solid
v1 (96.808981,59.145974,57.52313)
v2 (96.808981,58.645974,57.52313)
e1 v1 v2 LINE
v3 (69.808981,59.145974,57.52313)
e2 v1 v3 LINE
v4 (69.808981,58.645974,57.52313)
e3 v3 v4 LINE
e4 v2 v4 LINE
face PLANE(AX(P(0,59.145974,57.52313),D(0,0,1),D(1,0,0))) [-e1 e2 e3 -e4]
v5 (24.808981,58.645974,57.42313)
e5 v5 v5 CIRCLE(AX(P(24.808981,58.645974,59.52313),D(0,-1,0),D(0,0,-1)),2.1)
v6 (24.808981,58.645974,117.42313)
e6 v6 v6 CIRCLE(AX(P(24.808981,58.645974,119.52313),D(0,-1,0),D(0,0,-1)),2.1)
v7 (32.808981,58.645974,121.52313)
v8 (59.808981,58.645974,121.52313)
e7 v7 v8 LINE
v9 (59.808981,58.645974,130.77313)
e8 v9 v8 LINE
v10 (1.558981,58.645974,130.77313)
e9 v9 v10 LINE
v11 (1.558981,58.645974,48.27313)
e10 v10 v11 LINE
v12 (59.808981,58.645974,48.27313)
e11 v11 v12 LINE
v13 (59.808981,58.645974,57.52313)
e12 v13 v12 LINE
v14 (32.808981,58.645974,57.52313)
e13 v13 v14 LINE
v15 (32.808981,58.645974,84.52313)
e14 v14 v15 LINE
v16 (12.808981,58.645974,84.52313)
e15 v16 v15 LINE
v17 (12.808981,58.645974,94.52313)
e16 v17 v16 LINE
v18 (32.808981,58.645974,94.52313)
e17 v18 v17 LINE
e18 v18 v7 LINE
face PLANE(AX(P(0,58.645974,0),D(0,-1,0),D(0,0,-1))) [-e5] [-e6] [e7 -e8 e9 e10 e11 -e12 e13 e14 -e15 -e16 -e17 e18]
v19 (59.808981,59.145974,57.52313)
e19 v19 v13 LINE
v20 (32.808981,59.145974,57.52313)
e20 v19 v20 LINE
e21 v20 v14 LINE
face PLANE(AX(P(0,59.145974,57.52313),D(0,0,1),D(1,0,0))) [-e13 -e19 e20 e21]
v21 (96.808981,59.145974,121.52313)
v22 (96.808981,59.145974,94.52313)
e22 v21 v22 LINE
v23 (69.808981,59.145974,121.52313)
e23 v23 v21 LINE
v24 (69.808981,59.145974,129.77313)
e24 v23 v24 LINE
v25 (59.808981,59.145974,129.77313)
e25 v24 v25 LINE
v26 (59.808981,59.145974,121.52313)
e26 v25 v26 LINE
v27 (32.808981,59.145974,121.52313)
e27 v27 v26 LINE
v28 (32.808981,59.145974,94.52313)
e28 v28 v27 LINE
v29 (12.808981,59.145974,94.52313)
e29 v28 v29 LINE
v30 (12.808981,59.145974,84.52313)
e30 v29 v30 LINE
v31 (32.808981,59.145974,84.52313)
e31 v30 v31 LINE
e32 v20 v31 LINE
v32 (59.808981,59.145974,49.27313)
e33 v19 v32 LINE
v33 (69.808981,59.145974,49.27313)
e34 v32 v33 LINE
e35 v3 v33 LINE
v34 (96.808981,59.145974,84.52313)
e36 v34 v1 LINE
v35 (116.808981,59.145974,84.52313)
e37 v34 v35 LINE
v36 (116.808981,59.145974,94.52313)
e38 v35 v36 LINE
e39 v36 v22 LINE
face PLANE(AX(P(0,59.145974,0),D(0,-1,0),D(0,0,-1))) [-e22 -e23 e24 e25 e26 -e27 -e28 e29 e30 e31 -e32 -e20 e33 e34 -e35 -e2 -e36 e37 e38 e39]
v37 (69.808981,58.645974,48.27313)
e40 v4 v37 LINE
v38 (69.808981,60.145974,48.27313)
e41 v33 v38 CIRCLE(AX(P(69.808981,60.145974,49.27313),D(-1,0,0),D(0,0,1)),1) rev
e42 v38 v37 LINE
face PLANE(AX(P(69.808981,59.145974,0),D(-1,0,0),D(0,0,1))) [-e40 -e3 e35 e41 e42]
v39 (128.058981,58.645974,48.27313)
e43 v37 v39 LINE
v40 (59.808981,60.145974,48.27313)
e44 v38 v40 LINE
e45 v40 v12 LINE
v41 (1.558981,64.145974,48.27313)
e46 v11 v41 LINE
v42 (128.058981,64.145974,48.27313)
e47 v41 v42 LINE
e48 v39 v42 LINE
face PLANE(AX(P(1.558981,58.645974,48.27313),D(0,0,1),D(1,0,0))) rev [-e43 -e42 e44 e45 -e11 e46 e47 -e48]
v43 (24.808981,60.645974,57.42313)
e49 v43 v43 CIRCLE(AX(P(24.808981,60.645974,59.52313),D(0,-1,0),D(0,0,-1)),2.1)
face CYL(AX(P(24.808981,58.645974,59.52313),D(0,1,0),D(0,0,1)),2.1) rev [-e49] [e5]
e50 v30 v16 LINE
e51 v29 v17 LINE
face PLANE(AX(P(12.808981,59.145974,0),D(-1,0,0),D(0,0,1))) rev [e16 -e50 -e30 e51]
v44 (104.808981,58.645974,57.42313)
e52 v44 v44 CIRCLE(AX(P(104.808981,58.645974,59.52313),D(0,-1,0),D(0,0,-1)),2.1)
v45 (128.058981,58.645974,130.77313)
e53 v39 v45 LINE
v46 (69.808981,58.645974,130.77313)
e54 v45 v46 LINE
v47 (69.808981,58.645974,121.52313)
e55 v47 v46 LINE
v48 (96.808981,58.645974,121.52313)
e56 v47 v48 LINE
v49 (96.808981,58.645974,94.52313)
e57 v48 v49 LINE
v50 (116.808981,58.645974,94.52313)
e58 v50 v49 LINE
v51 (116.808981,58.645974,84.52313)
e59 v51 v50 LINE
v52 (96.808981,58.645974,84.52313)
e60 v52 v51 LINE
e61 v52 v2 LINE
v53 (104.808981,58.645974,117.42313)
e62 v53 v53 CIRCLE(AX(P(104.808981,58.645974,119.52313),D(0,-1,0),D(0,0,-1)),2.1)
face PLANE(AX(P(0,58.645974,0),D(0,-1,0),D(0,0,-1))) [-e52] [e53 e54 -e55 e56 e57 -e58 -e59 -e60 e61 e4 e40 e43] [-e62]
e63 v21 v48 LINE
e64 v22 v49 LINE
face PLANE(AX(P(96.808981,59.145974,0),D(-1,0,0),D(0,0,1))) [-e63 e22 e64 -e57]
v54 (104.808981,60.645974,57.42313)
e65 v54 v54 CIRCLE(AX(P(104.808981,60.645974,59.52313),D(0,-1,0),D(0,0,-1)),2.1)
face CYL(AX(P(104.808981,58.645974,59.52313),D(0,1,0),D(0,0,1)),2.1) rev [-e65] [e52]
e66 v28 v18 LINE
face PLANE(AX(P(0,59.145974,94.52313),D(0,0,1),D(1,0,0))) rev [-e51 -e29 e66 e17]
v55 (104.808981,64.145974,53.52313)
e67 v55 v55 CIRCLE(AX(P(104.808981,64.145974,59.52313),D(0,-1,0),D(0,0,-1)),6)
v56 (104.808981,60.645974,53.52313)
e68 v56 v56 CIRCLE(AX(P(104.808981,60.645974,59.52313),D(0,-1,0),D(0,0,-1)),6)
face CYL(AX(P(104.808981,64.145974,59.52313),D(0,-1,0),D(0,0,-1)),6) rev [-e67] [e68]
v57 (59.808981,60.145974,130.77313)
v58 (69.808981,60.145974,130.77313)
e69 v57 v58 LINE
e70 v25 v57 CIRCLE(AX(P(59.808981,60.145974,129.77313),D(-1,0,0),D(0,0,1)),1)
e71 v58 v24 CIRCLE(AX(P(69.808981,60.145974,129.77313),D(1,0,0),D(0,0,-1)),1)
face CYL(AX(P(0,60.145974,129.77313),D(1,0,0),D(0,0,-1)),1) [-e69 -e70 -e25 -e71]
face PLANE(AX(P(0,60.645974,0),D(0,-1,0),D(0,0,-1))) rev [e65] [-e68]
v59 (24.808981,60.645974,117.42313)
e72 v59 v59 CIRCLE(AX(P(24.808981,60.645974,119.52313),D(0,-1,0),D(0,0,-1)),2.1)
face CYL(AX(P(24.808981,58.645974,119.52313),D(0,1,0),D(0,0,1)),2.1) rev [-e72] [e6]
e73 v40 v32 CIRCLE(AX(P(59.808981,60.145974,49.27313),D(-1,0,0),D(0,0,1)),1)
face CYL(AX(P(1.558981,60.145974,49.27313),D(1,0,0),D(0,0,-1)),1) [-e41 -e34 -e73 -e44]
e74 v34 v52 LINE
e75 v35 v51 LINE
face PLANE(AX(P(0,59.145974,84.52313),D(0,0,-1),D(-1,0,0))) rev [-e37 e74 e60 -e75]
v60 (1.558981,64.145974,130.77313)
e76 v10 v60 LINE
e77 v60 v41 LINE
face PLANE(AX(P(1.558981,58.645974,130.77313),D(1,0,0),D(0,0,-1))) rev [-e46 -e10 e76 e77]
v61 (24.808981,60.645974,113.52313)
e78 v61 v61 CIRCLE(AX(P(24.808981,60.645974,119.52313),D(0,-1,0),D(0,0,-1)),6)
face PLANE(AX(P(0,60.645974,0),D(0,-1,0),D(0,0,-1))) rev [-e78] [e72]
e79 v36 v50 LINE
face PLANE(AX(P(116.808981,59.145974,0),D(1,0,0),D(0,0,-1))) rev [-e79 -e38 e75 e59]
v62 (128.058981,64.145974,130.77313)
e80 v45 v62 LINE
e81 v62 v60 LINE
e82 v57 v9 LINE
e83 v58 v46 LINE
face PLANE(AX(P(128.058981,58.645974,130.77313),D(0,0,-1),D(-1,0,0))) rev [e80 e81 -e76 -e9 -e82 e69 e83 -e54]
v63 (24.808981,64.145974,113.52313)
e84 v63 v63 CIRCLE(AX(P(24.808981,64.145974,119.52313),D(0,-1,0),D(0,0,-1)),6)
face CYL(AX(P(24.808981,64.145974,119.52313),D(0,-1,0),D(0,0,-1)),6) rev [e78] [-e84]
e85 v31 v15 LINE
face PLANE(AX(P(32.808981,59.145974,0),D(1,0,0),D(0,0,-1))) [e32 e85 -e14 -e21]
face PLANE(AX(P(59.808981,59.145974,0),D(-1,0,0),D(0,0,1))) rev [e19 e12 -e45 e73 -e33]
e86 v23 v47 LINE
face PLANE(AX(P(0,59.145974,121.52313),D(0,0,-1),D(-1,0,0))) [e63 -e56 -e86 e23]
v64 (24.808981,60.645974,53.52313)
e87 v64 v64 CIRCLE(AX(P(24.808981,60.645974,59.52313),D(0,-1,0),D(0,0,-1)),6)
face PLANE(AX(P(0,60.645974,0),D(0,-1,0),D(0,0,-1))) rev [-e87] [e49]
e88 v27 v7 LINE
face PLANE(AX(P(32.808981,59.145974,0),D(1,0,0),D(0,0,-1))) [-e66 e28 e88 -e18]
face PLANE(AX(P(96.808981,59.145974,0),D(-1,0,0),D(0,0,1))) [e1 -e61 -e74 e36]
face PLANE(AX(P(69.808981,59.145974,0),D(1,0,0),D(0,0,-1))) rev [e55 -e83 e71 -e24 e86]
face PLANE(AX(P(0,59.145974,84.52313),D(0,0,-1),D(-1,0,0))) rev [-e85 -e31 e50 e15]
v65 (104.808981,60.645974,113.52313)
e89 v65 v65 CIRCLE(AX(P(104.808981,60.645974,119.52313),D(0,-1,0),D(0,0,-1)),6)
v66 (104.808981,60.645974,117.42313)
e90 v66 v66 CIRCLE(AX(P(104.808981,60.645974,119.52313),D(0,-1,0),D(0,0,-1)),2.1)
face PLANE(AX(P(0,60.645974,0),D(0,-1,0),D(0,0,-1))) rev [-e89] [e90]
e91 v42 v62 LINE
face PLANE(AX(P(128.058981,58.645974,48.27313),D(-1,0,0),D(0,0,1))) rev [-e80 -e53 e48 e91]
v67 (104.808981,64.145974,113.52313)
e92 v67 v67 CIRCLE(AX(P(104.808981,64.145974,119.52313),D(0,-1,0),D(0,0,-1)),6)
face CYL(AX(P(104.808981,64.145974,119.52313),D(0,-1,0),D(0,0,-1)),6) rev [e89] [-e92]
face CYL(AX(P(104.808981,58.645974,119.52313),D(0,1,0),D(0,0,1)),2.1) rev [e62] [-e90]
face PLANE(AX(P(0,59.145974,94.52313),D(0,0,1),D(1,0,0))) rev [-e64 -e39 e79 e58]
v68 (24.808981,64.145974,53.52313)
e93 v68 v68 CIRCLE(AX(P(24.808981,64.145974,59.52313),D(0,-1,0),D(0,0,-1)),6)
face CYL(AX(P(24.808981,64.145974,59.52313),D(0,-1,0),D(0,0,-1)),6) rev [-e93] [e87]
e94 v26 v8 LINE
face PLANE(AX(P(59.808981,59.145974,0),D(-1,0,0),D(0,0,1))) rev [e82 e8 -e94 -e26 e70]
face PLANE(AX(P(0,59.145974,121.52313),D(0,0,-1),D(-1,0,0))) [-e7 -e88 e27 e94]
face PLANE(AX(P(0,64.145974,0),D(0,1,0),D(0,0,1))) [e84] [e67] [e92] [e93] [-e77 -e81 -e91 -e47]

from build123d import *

# Parameters (mm, degrees)
SKETCH_1_W          = 126.5
SKETCH_1_H          = 82.5
SKETCH_1_R          = 2.1
EXTRUDE_1_DEPTH     = 2
CUT_EXTRUDE_1_DEPTH = 0.5
FILLET_1_R          = 1
SKETCH_4_W          = 126.5
SKETCH_4_H          = 82.5
SKETCH_4_R          = 6
EXTRUDE_3_DEPTH     = 3.5


with BuildPart() as part:
    # Эскиз1 → Бобышка-Вытянуть1 (new body)
    with BuildSketch(Plane(origin=(0, 60.645974268, 0), x_dir=(-1, 0, 0), z_dir=(0, -1, 0))):
        with Locations((-64.808980694, -89.523129836)):
            Rectangle(SKETCH_1_W, SKETCH_1_H)
        with Locations(Location((-24.808980694, -59.523129836, 0), (0, 0, 90))):
            Circle(SKETCH_1_R, mode=Mode.SUBTRACT)
        with Locations(Location((-104.808980694, -59.523129836, 0), (0, 0, 90))):
            Circle(SKETCH_1_R, mode=Mode.SUBTRACT)
        with Locations(Location((-24.808980694, -119.523129836, 0), (0, 0, 90))):
            Circle(SKETCH_1_R, mode=Mode.SUBTRACT)
        with Locations(Location((-104.808980694, -119.523129836, 0), (0, 0, 90))):
            Circle(SKETCH_1_R, mode=Mode.SUBTRACT)
    extrude(amount=EXTRUDE_1_DEPTH)

    # Эскиз3 → Вырез-Вытянуть1 (cut)
    with BuildSketch(Plane(origin=(0, 58.645974268, 0), x_dir=(-1, 0, 0), z_dir=(0, -1, 0))):
        Polygon((-59.808980694, -57.523129836), (-32.808980694, -57.523129836), (-32.808980694, -84.523129836), (-12.808980694, -84.523129836), (-12.808980694, -94.523129836), (-32.808980694, -94.523129836), (-32.808980694, -121.523129836), (-59.808980694, -121.523129836), (-59.808980694, -130.773129836), (-69.808980694, -130.773129836), (-69.808980694, -121.523129836), (-96.808980694, -121.523129836), (-96.808980694, -94.523129836), (-116.808980694, -94.523129836), (-116.808980694, -84.523129836), (-96.808980694, -84.523129836), (-96.808980694, -57.523129836), (-69.808980694, -57.523129836), (-69.808980694, -48.273129836), (-59.808980694, -48.273129836), align=None)
    extrude(amount=-CUT_EXTRUDE_1_DEPTH, mode=Mode.SUBTRACT)

    # Скругление1
    fillet_1_edges = [part.edges().sort_by_distance(p)[0] for p in [
        (64.808980694, 59.145974268, 130.773129836),
        (64.808980694, 59.145974268, 48.273129836),
    ]]
    fillet(fillet_1_edges, radius=FILLET_1_R)

    # Эскиз4 → Бобышка-Вытянуть3 (add)
    with BuildSketch(Plane(origin=(0, 60.645974268, 0), x_dir=(-1, 0, 0), z_dir=(0, -1, 0))):
        with Locations((-64.808980694, -89.523129836)):
            Rectangle(SKETCH_4_W, SKETCH_4_H)
        with Locations(Location((-24.808980694, -59.523129836, 0), (0, 0, 90))):
            Circle(SKETCH_4_R, mode=Mode.SUBTRACT)
        with Locations(Location((-104.808980694, -59.523129836, 0), (0, 0, 90))):
            Circle(SKETCH_4_R, mode=Mode.SUBTRACT)
        with Locations(Location((-104.808980694, -119.523129836, 0), (0, 0, 90))):
            Circle(SKETCH_4_R, mode=Mode.SUBTRACT)
        with Locations(Location((-24.808980694, -119.523129836, 0), (0, 0, 90))):
            Circle(SKETCH_4_R, mode=Mode.SUBTRACT)
    extrude(amount=-EXTRUDE_3_DEPTH)


solid = part.part
